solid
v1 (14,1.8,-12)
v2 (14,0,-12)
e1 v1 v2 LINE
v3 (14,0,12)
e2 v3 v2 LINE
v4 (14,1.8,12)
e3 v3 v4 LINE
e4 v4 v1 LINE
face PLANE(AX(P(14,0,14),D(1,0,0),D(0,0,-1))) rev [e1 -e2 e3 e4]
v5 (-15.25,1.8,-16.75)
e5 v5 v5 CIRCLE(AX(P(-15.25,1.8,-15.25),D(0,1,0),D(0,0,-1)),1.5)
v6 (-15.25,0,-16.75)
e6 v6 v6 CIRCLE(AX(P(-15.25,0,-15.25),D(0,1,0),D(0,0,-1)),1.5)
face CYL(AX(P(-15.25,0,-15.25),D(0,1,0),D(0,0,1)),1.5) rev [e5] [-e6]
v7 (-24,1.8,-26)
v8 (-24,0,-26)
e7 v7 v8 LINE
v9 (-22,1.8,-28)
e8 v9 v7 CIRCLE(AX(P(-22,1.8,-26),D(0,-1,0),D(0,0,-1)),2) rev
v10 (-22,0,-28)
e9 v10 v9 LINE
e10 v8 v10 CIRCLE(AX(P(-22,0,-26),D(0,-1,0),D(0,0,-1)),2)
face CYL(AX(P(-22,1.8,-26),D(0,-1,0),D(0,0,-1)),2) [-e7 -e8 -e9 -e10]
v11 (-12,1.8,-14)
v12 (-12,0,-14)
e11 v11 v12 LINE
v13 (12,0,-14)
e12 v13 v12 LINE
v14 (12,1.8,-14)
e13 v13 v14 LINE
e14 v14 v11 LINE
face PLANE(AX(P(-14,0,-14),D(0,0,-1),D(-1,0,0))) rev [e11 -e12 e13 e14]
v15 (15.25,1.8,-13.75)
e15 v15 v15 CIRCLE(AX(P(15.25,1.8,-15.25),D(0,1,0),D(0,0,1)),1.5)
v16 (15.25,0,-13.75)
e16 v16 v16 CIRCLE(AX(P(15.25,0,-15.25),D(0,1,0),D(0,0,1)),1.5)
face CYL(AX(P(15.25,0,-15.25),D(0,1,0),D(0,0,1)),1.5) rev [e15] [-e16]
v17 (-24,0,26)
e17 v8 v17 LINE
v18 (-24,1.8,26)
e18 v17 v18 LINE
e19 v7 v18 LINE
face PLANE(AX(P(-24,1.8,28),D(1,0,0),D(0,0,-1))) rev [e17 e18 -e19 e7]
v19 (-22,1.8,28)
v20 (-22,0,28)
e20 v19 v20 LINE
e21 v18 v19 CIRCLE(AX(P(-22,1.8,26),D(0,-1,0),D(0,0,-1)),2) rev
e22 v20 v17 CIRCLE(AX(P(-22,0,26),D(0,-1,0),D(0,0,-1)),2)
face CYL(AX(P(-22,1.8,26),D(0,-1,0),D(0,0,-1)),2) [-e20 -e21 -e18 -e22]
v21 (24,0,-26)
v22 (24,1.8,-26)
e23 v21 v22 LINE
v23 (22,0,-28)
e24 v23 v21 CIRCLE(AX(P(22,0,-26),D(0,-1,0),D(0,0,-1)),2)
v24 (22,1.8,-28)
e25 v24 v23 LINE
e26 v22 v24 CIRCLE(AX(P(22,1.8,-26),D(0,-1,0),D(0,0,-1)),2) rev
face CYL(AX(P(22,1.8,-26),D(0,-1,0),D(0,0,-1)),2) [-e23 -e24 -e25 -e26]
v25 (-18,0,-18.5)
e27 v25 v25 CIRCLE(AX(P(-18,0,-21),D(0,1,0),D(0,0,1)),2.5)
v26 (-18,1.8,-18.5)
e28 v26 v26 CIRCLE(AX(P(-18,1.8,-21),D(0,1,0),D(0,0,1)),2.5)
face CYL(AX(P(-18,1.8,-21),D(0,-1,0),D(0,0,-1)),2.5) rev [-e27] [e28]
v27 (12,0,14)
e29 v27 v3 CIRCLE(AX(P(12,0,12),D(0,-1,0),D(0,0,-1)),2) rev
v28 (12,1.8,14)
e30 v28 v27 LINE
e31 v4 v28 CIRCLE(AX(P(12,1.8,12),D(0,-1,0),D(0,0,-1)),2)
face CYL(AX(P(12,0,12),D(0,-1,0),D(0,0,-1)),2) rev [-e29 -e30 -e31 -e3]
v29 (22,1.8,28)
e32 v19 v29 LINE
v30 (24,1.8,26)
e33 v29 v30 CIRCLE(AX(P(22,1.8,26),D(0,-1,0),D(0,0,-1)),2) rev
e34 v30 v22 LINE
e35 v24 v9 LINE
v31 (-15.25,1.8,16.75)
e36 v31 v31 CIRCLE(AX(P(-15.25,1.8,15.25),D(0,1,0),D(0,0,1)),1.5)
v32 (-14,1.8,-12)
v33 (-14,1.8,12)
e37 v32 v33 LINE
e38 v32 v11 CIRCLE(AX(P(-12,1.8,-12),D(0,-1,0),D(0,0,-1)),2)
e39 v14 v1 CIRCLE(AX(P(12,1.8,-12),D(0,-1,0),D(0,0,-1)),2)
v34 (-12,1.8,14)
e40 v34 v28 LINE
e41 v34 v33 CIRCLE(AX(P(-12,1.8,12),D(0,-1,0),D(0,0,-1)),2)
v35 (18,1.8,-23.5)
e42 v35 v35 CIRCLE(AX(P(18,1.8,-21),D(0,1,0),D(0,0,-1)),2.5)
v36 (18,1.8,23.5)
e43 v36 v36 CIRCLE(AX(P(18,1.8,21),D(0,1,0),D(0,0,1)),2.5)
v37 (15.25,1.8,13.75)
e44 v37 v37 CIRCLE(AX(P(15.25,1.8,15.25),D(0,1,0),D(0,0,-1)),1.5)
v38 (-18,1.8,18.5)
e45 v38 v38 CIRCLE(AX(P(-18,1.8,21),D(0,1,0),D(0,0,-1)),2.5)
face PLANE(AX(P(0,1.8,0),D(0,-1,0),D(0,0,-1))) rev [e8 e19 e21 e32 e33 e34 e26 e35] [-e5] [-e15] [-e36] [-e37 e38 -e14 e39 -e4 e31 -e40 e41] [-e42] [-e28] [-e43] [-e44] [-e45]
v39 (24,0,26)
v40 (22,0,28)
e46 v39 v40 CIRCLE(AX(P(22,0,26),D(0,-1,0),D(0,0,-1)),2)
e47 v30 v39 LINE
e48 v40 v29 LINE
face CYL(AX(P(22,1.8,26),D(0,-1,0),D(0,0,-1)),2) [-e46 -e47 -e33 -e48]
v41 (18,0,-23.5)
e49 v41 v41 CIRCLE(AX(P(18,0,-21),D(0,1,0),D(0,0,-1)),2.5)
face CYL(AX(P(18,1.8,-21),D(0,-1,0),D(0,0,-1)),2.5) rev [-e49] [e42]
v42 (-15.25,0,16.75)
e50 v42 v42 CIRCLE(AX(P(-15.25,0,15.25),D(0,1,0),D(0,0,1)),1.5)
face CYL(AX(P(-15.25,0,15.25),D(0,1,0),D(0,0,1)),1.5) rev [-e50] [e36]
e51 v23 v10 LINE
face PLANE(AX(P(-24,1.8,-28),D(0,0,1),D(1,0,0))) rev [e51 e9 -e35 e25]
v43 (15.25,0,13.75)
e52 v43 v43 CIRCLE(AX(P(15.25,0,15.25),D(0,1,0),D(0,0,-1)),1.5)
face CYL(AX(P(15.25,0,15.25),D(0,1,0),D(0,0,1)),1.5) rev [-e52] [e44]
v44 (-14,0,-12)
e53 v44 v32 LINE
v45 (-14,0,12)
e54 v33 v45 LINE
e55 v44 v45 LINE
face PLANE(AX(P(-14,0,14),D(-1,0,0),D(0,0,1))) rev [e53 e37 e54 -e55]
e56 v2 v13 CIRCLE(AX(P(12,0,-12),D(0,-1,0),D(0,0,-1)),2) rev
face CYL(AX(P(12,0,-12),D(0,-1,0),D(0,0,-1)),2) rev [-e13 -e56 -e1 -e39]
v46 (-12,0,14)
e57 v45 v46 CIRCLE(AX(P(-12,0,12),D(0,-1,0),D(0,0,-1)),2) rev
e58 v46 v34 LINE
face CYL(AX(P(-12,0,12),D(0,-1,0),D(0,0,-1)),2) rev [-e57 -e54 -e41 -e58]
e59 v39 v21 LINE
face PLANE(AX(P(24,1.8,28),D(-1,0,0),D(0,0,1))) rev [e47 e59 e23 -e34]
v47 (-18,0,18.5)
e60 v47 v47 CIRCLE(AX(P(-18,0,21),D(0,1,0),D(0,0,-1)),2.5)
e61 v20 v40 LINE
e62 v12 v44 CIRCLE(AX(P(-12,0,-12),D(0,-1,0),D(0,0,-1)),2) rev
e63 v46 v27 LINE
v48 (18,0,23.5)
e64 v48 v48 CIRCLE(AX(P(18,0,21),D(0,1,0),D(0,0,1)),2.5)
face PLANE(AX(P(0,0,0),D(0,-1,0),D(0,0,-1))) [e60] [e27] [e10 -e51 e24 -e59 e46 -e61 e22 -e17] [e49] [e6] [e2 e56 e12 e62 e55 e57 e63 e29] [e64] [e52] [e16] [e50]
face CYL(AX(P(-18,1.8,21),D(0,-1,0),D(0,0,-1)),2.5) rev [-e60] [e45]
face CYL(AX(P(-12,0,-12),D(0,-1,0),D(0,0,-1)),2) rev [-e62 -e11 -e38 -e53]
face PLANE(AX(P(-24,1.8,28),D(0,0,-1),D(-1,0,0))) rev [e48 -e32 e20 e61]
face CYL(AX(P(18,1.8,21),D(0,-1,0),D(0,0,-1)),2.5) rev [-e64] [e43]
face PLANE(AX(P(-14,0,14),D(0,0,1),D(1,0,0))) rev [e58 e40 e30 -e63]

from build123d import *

# Parameters (mm, degrees)
SKETCH_1_W          = 48
SKETCH_1_H          = 56
SKETCH_1_R          = 2.5
EXTRUDE_1_DEPTH     = 1.8
SKETCH_2_R          = 1.5
SKETCH_2_W          = 28
SKETCH_2_H          = 28
CUT_EXTRUDE_1_DEPTH = 37.922080115
FILLET_1_R          = 2


with BuildPart() as part:
    # 草图1 → 凸台-拉伸1 (new body)
    with BuildSketch(Plane(origin=(0, 0, 0), x_dir=(1, 0, 0), z_dir=(0, 1, 0))):
        Rectangle(SKETCH_1_W, SKETCH_1_H)
        with Locations(Location((-18, 21, 0), (0, 0, 270))):
            Circle(SKETCH_1_R, mode=Mode.SUBTRACT)
        with Locations(Location((18, 21, 0), (0, 0, 90))):
            Circle(SKETCH_1_R, mode=Mode.SUBTRACT)
        with Locations(Location((18, -21, 0), (0, 0, 270))):
            Circle(SKETCH_1_R, mode=Mode.SUBTRACT)
        with Locations(Location((-18, -21, 0), (0, 0, 90))):
            Circle(SKETCH_1_R, mode=Mode.SUBTRACT)
    extrude(amount=EXTRUDE_1_DEPTH)

    # 草图2 → 切除-拉伸1 (cut, through all)
    with BuildSketch(Plane(origin=(0, 1.8, 0), x_dir=(1, 0, 0), z_dir=(0, 1, 0))):
        with Locations(Location((15.25, 15.25, 0), (0, 0, 270))):
            Circle(SKETCH_2_R)
        with Locations(Location((-15.25, 15.25, 0), (0, 0, 90))):
            Circle(SKETCH_2_R)
        with Locations(Location((15.25, -15.25, 0), (0, 0, 90))):
            Circle(SKETCH_2_R)
        with Locations(Location((-15.25, -15.25, 0), (0, 0, 270))):
            Circle(SKETCH_2_R)
        Rectangle(SKETCH_2_W, SKETCH_2_H)
    extrude(amount=-CUT_EXTRUDE_1_DEPTH, mode=Mode.SUBTRACT)

    # 圆角1
    fillet_1_edges = [part.edges().sort_by_distance(p)[0] for p in [
        (14, 0.9, -14),
        (14, 0.9, 14),
        (-14, 0.9, 14),
        (-14, 0.9, -14),
        (24, 0.9, 28),
        (-24, 0.9, 28),
        (-24, 0.9, -28),
        (24, 0.9, -28),
    ]]
    fillet(fillet_1_edges, radius=FILLET_1_R)


solid = part.part
